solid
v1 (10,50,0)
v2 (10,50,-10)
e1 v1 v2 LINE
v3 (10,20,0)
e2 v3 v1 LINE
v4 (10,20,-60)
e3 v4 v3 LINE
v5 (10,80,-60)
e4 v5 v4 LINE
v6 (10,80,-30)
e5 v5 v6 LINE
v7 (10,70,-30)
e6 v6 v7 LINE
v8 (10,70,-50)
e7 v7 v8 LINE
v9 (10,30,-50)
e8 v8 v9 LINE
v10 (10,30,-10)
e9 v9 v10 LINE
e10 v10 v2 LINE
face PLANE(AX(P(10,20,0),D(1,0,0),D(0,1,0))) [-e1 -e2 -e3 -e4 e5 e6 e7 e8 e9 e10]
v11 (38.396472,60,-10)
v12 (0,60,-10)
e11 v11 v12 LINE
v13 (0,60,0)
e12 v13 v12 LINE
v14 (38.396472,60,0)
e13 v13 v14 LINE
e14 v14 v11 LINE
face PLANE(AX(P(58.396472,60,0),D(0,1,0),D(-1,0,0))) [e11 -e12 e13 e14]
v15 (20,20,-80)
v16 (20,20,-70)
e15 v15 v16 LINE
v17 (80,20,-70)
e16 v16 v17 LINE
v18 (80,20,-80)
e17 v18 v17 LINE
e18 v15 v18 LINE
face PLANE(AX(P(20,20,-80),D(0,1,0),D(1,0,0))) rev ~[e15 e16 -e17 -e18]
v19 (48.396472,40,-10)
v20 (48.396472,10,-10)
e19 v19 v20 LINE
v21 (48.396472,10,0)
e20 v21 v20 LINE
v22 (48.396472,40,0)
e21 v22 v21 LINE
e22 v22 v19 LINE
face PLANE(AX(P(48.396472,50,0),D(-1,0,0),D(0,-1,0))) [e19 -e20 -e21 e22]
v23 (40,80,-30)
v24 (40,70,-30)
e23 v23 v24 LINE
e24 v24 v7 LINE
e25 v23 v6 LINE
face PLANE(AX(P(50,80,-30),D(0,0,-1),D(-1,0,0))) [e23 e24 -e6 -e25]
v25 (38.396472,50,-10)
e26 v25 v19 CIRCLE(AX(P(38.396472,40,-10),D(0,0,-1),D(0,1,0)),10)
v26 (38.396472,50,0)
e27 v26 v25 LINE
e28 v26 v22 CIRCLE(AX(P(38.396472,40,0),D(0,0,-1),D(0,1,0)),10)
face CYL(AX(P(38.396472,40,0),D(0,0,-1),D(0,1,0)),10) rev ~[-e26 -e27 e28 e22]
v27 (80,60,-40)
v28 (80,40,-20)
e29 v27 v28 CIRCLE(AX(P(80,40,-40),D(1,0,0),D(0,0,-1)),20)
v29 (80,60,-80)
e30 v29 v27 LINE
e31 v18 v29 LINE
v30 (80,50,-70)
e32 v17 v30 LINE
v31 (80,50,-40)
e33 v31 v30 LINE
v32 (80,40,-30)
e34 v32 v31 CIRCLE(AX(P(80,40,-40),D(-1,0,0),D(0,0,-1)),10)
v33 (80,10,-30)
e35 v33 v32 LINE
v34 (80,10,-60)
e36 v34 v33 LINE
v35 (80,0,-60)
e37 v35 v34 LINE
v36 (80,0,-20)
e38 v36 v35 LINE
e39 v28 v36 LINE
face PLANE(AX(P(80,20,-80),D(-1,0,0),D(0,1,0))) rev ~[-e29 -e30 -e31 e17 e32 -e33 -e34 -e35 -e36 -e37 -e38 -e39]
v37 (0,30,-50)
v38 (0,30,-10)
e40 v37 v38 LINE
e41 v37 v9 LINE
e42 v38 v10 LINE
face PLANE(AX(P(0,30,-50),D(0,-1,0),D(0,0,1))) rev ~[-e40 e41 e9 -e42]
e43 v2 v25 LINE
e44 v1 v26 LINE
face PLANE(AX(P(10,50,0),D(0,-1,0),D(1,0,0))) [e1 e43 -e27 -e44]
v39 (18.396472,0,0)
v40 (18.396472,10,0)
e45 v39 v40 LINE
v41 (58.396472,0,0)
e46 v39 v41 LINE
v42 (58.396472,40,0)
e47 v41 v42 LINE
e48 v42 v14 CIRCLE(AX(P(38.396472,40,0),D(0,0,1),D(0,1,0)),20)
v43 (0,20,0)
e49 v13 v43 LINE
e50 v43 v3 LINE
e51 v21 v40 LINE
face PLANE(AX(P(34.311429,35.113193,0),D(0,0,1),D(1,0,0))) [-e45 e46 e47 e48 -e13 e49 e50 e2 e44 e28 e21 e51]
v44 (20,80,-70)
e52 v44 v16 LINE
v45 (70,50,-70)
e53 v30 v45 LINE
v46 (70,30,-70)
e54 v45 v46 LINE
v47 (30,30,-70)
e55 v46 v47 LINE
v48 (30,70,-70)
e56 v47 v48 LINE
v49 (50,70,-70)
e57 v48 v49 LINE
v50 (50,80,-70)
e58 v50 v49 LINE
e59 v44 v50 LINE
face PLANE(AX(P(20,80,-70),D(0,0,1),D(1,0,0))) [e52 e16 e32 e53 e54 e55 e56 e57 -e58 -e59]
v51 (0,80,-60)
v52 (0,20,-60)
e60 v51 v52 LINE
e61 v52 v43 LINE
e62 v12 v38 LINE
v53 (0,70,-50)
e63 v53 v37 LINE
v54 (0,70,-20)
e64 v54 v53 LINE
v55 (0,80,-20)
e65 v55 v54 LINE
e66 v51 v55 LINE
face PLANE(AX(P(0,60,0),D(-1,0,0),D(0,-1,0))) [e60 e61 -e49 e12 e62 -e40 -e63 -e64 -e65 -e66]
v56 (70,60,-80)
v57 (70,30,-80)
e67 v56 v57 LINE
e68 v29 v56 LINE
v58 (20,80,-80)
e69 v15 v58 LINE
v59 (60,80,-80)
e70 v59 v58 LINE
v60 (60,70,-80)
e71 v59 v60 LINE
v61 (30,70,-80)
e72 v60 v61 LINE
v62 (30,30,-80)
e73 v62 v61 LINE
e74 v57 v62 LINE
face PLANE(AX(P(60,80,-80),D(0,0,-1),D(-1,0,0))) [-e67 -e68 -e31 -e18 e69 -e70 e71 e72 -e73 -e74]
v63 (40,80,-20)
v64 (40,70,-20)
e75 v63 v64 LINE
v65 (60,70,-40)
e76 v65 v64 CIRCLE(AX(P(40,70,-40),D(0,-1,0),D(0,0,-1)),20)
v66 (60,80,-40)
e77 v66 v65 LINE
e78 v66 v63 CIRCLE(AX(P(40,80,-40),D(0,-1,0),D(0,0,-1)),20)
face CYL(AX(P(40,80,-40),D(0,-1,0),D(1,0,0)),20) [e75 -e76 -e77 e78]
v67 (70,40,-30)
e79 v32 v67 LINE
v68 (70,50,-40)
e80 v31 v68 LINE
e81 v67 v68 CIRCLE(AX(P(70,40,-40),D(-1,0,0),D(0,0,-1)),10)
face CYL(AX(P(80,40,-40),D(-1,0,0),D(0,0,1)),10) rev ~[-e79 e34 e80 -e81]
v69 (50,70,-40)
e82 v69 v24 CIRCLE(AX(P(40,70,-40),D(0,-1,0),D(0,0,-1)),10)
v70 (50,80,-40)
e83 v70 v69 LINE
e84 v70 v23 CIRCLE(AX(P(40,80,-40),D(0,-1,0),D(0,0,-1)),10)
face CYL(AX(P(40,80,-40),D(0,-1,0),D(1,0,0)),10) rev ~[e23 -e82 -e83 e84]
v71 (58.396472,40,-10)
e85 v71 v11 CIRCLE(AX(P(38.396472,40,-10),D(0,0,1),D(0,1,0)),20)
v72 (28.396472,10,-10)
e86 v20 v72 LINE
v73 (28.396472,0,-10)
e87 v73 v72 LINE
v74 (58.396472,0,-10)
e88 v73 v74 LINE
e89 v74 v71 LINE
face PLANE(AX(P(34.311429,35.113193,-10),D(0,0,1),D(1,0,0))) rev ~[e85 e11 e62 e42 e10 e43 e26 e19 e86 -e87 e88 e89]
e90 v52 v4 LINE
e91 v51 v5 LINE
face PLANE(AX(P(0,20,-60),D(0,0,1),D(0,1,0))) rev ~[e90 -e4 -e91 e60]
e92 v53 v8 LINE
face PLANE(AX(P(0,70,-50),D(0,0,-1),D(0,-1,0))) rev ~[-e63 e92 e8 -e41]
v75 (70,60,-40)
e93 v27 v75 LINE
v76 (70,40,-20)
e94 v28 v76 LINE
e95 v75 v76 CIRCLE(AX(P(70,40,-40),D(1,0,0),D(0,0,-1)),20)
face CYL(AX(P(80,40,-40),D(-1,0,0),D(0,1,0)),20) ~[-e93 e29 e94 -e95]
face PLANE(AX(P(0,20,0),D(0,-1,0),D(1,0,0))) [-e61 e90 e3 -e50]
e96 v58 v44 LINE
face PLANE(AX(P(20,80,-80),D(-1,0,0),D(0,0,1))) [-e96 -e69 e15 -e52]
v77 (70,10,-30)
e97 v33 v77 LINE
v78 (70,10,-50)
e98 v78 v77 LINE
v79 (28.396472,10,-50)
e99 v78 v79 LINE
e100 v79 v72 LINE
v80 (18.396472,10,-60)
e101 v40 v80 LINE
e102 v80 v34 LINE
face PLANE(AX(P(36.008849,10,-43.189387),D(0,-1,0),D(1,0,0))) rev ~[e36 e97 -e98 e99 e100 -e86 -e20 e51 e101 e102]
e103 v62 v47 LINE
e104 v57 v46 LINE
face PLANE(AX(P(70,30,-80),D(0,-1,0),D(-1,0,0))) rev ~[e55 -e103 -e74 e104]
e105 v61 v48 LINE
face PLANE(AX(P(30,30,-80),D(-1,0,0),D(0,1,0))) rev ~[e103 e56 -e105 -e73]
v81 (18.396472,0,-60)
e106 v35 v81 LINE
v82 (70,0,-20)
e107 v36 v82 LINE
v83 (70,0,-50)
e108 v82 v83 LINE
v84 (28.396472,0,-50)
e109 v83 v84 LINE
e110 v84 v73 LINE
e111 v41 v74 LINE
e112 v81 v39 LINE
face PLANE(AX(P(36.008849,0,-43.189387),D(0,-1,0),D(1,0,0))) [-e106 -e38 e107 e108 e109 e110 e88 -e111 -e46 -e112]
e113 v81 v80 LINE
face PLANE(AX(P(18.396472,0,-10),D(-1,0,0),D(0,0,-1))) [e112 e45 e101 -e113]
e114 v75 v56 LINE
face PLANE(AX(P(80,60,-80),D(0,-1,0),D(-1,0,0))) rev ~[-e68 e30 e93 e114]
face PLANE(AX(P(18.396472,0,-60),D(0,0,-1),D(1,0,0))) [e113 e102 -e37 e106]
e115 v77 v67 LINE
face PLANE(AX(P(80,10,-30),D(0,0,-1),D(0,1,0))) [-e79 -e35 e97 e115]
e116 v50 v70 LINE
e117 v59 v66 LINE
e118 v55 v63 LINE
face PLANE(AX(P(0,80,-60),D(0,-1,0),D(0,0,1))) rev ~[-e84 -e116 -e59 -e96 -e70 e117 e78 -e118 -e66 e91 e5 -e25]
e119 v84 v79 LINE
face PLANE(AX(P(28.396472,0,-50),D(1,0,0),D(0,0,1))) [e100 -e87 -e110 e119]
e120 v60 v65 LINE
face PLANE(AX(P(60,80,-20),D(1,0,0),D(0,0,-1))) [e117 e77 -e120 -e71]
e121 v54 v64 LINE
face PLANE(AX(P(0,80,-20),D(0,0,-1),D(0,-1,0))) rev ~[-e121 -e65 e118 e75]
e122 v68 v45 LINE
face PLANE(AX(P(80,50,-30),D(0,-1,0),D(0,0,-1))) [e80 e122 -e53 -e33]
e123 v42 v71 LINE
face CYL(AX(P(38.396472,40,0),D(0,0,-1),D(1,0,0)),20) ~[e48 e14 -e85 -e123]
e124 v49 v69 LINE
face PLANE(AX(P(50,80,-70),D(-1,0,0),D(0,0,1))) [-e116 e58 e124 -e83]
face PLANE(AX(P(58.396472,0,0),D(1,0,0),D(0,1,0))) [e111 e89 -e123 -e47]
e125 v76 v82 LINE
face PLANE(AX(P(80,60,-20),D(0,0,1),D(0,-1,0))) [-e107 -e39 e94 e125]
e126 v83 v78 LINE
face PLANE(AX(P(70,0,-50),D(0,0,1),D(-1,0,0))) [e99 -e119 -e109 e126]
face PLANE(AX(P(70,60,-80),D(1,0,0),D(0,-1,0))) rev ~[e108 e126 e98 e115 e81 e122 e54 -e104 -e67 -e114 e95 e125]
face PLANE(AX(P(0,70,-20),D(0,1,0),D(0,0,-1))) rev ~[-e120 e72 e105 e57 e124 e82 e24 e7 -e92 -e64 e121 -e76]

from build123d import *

# Parameters (mm, degrees)
SKETCH_1_W      = 10
SKETCH_1_H      = 10
EXTRUDE_1_DEPTH = 10
EXTRUDE_2_DEPTH = 10
EXTRUDE_3_DEPTH = 10
EXTRUDE_4_DEPTH = 10
EXTRUDE_5_DEPTH = 10
EXTRUDE_6_DEPTH = 10
FILLET_3_R      = 20
FILLET_4_R      = 10
FILLET_5_R      = 20
FILLET_6_R      = 20
FILLET_7_R      = 10
FILLET_8_R      = 10


with BuildPart() as part:
    # 草图1 → 凸台-拉伸1 (new body)
    with BuildSketch(Plane.XY):
        Polygon((0, 60), (0, 30), (10, 30), (10, 50), (48.396471527, 50), (48.396471527, 10), (28.396471527, 10), (28.396471527, 0), (58.396471527, 0), (58.396471527, 60), align=None)
        with Locations((5, 25)):
            Rectangle(SKETCH_1_W, SKETCH_1_H)
        with Locations((23.396471527, 5)):
            Rectangle(SKETCH_1_W, SKETCH_1_H)
    extrude(amount=-EXTRUDE_1_DEPTH)

    # 草图2 → 凸台-拉伸2 (add)
    with BuildSketch(Plane.ZY):
        Polygon((0, 20), (-60, 20), (-60, 80), (-20, 80), (-20, 70), (-50, 70), (-50, 30), (-10, 30), (-10, 60), (0, 60), align=None)
    extrude(amount=-EXTRUDE_2_DEPTH)

    # 草图3 → 凸台-拉伸3 (add)
    with BuildSketch(Plane(origin=(0, 80, 0), x_dir=(1, 0, 0), z_dir=(0, 1, 0))):
        Polygon((0, 60), (0, 20), (60, 20), (60, 80), (20, 80), (20, 70), (50, 70), (50, 30), (10, 30), (10, 60), align=None)
    extrude(amount=-EXTRUDE_3_DEPTH)

    # 草图4 → 凸台-拉伸4 (add)
    with BuildSketch(Plane(origin=(0, 0, -80), x_dir=(-1, 0, 0), z_dir=(0, 0, -1))):
        Polygon((-60, 80), (-20, 80), (-20, 20), (-80, 20), (-80, 60), (-70, 60), (-70, 30), (-30, 30), (-30, 70), (-60, 70), align=None)
    extrude(amount=-EXTRUDE_4_DEPTH)

    # 草图5 → 凸台-拉伸5 (add)
    with BuildSketch(Plane(origin=(80, 0, 0), x_dir=(0, 0, -1), z_dir=(1, 0, 0))):
        Polygon((80, 60), (20, 60), (20, 0), (60, 0), (60, 10), (30, 10), (30, 50), (70, 50), (70, 20), (80, 20), align=None)
    extrude(amount=-EXTRUDE_5_DEPTH)

    # 草图6 → 凸台-拉伸6 (add)
    with BuildSketch(Plane.XZ):
        Polygon((18.396471527, -10), (18.396471527, -60), (70, -60), (70, -50), (28.396471527, -50), (28.396471527, -10), align=None)
    extrude(amount=-EXTRUDE_6_DEPTH)

    # 圆角3
    fillet_3_edges = [part.edges().sort_by_distance(p)[0] for p in [
        (60, 75, -20),
    ]]
    fillet(fillet_3_edges, radius=FILLET_3_R)

    # 圆角4
    fillet_4_edges = [part.edges().sort_by_distance(p)[0] for p in [
        (50, 75, -30),
    ]]
    fillet(fillet_4_edges, radius=FILLET_4_R)

    # 圆角5
    fillet_5_edges = [part.edges().sort_by_distance(p)[0] for p in [
        (75, 60, -20),
    ]]
    fillet(fillet_5_edges, radius=FILLET_5_R)

    # 圆角6
    fillet_6_edges = [part.edges().sort_by_distance(p)[0] for p in [
        (58.396471527, 60, -5),
    ]]
    fillet(fillet_6_edges, radius=FILLET_6_R)

    # 圆角7
    fillet_7_edges = [part.edges().sort_by_distance(p)[0] for p in [
        (48.396471527, 50, -5),
    ]]
    fillet(fillet_7_edges, radius=FILLET_7_R)

    # 圆角8
    fillet_8_edges = [part.edges().sort_by_distance(p)[0] for p in [
        (75, 50, -30),
    ]]
    fillet(fillet_8_edges, radius=FILLET_8_R)


solid = part.part
